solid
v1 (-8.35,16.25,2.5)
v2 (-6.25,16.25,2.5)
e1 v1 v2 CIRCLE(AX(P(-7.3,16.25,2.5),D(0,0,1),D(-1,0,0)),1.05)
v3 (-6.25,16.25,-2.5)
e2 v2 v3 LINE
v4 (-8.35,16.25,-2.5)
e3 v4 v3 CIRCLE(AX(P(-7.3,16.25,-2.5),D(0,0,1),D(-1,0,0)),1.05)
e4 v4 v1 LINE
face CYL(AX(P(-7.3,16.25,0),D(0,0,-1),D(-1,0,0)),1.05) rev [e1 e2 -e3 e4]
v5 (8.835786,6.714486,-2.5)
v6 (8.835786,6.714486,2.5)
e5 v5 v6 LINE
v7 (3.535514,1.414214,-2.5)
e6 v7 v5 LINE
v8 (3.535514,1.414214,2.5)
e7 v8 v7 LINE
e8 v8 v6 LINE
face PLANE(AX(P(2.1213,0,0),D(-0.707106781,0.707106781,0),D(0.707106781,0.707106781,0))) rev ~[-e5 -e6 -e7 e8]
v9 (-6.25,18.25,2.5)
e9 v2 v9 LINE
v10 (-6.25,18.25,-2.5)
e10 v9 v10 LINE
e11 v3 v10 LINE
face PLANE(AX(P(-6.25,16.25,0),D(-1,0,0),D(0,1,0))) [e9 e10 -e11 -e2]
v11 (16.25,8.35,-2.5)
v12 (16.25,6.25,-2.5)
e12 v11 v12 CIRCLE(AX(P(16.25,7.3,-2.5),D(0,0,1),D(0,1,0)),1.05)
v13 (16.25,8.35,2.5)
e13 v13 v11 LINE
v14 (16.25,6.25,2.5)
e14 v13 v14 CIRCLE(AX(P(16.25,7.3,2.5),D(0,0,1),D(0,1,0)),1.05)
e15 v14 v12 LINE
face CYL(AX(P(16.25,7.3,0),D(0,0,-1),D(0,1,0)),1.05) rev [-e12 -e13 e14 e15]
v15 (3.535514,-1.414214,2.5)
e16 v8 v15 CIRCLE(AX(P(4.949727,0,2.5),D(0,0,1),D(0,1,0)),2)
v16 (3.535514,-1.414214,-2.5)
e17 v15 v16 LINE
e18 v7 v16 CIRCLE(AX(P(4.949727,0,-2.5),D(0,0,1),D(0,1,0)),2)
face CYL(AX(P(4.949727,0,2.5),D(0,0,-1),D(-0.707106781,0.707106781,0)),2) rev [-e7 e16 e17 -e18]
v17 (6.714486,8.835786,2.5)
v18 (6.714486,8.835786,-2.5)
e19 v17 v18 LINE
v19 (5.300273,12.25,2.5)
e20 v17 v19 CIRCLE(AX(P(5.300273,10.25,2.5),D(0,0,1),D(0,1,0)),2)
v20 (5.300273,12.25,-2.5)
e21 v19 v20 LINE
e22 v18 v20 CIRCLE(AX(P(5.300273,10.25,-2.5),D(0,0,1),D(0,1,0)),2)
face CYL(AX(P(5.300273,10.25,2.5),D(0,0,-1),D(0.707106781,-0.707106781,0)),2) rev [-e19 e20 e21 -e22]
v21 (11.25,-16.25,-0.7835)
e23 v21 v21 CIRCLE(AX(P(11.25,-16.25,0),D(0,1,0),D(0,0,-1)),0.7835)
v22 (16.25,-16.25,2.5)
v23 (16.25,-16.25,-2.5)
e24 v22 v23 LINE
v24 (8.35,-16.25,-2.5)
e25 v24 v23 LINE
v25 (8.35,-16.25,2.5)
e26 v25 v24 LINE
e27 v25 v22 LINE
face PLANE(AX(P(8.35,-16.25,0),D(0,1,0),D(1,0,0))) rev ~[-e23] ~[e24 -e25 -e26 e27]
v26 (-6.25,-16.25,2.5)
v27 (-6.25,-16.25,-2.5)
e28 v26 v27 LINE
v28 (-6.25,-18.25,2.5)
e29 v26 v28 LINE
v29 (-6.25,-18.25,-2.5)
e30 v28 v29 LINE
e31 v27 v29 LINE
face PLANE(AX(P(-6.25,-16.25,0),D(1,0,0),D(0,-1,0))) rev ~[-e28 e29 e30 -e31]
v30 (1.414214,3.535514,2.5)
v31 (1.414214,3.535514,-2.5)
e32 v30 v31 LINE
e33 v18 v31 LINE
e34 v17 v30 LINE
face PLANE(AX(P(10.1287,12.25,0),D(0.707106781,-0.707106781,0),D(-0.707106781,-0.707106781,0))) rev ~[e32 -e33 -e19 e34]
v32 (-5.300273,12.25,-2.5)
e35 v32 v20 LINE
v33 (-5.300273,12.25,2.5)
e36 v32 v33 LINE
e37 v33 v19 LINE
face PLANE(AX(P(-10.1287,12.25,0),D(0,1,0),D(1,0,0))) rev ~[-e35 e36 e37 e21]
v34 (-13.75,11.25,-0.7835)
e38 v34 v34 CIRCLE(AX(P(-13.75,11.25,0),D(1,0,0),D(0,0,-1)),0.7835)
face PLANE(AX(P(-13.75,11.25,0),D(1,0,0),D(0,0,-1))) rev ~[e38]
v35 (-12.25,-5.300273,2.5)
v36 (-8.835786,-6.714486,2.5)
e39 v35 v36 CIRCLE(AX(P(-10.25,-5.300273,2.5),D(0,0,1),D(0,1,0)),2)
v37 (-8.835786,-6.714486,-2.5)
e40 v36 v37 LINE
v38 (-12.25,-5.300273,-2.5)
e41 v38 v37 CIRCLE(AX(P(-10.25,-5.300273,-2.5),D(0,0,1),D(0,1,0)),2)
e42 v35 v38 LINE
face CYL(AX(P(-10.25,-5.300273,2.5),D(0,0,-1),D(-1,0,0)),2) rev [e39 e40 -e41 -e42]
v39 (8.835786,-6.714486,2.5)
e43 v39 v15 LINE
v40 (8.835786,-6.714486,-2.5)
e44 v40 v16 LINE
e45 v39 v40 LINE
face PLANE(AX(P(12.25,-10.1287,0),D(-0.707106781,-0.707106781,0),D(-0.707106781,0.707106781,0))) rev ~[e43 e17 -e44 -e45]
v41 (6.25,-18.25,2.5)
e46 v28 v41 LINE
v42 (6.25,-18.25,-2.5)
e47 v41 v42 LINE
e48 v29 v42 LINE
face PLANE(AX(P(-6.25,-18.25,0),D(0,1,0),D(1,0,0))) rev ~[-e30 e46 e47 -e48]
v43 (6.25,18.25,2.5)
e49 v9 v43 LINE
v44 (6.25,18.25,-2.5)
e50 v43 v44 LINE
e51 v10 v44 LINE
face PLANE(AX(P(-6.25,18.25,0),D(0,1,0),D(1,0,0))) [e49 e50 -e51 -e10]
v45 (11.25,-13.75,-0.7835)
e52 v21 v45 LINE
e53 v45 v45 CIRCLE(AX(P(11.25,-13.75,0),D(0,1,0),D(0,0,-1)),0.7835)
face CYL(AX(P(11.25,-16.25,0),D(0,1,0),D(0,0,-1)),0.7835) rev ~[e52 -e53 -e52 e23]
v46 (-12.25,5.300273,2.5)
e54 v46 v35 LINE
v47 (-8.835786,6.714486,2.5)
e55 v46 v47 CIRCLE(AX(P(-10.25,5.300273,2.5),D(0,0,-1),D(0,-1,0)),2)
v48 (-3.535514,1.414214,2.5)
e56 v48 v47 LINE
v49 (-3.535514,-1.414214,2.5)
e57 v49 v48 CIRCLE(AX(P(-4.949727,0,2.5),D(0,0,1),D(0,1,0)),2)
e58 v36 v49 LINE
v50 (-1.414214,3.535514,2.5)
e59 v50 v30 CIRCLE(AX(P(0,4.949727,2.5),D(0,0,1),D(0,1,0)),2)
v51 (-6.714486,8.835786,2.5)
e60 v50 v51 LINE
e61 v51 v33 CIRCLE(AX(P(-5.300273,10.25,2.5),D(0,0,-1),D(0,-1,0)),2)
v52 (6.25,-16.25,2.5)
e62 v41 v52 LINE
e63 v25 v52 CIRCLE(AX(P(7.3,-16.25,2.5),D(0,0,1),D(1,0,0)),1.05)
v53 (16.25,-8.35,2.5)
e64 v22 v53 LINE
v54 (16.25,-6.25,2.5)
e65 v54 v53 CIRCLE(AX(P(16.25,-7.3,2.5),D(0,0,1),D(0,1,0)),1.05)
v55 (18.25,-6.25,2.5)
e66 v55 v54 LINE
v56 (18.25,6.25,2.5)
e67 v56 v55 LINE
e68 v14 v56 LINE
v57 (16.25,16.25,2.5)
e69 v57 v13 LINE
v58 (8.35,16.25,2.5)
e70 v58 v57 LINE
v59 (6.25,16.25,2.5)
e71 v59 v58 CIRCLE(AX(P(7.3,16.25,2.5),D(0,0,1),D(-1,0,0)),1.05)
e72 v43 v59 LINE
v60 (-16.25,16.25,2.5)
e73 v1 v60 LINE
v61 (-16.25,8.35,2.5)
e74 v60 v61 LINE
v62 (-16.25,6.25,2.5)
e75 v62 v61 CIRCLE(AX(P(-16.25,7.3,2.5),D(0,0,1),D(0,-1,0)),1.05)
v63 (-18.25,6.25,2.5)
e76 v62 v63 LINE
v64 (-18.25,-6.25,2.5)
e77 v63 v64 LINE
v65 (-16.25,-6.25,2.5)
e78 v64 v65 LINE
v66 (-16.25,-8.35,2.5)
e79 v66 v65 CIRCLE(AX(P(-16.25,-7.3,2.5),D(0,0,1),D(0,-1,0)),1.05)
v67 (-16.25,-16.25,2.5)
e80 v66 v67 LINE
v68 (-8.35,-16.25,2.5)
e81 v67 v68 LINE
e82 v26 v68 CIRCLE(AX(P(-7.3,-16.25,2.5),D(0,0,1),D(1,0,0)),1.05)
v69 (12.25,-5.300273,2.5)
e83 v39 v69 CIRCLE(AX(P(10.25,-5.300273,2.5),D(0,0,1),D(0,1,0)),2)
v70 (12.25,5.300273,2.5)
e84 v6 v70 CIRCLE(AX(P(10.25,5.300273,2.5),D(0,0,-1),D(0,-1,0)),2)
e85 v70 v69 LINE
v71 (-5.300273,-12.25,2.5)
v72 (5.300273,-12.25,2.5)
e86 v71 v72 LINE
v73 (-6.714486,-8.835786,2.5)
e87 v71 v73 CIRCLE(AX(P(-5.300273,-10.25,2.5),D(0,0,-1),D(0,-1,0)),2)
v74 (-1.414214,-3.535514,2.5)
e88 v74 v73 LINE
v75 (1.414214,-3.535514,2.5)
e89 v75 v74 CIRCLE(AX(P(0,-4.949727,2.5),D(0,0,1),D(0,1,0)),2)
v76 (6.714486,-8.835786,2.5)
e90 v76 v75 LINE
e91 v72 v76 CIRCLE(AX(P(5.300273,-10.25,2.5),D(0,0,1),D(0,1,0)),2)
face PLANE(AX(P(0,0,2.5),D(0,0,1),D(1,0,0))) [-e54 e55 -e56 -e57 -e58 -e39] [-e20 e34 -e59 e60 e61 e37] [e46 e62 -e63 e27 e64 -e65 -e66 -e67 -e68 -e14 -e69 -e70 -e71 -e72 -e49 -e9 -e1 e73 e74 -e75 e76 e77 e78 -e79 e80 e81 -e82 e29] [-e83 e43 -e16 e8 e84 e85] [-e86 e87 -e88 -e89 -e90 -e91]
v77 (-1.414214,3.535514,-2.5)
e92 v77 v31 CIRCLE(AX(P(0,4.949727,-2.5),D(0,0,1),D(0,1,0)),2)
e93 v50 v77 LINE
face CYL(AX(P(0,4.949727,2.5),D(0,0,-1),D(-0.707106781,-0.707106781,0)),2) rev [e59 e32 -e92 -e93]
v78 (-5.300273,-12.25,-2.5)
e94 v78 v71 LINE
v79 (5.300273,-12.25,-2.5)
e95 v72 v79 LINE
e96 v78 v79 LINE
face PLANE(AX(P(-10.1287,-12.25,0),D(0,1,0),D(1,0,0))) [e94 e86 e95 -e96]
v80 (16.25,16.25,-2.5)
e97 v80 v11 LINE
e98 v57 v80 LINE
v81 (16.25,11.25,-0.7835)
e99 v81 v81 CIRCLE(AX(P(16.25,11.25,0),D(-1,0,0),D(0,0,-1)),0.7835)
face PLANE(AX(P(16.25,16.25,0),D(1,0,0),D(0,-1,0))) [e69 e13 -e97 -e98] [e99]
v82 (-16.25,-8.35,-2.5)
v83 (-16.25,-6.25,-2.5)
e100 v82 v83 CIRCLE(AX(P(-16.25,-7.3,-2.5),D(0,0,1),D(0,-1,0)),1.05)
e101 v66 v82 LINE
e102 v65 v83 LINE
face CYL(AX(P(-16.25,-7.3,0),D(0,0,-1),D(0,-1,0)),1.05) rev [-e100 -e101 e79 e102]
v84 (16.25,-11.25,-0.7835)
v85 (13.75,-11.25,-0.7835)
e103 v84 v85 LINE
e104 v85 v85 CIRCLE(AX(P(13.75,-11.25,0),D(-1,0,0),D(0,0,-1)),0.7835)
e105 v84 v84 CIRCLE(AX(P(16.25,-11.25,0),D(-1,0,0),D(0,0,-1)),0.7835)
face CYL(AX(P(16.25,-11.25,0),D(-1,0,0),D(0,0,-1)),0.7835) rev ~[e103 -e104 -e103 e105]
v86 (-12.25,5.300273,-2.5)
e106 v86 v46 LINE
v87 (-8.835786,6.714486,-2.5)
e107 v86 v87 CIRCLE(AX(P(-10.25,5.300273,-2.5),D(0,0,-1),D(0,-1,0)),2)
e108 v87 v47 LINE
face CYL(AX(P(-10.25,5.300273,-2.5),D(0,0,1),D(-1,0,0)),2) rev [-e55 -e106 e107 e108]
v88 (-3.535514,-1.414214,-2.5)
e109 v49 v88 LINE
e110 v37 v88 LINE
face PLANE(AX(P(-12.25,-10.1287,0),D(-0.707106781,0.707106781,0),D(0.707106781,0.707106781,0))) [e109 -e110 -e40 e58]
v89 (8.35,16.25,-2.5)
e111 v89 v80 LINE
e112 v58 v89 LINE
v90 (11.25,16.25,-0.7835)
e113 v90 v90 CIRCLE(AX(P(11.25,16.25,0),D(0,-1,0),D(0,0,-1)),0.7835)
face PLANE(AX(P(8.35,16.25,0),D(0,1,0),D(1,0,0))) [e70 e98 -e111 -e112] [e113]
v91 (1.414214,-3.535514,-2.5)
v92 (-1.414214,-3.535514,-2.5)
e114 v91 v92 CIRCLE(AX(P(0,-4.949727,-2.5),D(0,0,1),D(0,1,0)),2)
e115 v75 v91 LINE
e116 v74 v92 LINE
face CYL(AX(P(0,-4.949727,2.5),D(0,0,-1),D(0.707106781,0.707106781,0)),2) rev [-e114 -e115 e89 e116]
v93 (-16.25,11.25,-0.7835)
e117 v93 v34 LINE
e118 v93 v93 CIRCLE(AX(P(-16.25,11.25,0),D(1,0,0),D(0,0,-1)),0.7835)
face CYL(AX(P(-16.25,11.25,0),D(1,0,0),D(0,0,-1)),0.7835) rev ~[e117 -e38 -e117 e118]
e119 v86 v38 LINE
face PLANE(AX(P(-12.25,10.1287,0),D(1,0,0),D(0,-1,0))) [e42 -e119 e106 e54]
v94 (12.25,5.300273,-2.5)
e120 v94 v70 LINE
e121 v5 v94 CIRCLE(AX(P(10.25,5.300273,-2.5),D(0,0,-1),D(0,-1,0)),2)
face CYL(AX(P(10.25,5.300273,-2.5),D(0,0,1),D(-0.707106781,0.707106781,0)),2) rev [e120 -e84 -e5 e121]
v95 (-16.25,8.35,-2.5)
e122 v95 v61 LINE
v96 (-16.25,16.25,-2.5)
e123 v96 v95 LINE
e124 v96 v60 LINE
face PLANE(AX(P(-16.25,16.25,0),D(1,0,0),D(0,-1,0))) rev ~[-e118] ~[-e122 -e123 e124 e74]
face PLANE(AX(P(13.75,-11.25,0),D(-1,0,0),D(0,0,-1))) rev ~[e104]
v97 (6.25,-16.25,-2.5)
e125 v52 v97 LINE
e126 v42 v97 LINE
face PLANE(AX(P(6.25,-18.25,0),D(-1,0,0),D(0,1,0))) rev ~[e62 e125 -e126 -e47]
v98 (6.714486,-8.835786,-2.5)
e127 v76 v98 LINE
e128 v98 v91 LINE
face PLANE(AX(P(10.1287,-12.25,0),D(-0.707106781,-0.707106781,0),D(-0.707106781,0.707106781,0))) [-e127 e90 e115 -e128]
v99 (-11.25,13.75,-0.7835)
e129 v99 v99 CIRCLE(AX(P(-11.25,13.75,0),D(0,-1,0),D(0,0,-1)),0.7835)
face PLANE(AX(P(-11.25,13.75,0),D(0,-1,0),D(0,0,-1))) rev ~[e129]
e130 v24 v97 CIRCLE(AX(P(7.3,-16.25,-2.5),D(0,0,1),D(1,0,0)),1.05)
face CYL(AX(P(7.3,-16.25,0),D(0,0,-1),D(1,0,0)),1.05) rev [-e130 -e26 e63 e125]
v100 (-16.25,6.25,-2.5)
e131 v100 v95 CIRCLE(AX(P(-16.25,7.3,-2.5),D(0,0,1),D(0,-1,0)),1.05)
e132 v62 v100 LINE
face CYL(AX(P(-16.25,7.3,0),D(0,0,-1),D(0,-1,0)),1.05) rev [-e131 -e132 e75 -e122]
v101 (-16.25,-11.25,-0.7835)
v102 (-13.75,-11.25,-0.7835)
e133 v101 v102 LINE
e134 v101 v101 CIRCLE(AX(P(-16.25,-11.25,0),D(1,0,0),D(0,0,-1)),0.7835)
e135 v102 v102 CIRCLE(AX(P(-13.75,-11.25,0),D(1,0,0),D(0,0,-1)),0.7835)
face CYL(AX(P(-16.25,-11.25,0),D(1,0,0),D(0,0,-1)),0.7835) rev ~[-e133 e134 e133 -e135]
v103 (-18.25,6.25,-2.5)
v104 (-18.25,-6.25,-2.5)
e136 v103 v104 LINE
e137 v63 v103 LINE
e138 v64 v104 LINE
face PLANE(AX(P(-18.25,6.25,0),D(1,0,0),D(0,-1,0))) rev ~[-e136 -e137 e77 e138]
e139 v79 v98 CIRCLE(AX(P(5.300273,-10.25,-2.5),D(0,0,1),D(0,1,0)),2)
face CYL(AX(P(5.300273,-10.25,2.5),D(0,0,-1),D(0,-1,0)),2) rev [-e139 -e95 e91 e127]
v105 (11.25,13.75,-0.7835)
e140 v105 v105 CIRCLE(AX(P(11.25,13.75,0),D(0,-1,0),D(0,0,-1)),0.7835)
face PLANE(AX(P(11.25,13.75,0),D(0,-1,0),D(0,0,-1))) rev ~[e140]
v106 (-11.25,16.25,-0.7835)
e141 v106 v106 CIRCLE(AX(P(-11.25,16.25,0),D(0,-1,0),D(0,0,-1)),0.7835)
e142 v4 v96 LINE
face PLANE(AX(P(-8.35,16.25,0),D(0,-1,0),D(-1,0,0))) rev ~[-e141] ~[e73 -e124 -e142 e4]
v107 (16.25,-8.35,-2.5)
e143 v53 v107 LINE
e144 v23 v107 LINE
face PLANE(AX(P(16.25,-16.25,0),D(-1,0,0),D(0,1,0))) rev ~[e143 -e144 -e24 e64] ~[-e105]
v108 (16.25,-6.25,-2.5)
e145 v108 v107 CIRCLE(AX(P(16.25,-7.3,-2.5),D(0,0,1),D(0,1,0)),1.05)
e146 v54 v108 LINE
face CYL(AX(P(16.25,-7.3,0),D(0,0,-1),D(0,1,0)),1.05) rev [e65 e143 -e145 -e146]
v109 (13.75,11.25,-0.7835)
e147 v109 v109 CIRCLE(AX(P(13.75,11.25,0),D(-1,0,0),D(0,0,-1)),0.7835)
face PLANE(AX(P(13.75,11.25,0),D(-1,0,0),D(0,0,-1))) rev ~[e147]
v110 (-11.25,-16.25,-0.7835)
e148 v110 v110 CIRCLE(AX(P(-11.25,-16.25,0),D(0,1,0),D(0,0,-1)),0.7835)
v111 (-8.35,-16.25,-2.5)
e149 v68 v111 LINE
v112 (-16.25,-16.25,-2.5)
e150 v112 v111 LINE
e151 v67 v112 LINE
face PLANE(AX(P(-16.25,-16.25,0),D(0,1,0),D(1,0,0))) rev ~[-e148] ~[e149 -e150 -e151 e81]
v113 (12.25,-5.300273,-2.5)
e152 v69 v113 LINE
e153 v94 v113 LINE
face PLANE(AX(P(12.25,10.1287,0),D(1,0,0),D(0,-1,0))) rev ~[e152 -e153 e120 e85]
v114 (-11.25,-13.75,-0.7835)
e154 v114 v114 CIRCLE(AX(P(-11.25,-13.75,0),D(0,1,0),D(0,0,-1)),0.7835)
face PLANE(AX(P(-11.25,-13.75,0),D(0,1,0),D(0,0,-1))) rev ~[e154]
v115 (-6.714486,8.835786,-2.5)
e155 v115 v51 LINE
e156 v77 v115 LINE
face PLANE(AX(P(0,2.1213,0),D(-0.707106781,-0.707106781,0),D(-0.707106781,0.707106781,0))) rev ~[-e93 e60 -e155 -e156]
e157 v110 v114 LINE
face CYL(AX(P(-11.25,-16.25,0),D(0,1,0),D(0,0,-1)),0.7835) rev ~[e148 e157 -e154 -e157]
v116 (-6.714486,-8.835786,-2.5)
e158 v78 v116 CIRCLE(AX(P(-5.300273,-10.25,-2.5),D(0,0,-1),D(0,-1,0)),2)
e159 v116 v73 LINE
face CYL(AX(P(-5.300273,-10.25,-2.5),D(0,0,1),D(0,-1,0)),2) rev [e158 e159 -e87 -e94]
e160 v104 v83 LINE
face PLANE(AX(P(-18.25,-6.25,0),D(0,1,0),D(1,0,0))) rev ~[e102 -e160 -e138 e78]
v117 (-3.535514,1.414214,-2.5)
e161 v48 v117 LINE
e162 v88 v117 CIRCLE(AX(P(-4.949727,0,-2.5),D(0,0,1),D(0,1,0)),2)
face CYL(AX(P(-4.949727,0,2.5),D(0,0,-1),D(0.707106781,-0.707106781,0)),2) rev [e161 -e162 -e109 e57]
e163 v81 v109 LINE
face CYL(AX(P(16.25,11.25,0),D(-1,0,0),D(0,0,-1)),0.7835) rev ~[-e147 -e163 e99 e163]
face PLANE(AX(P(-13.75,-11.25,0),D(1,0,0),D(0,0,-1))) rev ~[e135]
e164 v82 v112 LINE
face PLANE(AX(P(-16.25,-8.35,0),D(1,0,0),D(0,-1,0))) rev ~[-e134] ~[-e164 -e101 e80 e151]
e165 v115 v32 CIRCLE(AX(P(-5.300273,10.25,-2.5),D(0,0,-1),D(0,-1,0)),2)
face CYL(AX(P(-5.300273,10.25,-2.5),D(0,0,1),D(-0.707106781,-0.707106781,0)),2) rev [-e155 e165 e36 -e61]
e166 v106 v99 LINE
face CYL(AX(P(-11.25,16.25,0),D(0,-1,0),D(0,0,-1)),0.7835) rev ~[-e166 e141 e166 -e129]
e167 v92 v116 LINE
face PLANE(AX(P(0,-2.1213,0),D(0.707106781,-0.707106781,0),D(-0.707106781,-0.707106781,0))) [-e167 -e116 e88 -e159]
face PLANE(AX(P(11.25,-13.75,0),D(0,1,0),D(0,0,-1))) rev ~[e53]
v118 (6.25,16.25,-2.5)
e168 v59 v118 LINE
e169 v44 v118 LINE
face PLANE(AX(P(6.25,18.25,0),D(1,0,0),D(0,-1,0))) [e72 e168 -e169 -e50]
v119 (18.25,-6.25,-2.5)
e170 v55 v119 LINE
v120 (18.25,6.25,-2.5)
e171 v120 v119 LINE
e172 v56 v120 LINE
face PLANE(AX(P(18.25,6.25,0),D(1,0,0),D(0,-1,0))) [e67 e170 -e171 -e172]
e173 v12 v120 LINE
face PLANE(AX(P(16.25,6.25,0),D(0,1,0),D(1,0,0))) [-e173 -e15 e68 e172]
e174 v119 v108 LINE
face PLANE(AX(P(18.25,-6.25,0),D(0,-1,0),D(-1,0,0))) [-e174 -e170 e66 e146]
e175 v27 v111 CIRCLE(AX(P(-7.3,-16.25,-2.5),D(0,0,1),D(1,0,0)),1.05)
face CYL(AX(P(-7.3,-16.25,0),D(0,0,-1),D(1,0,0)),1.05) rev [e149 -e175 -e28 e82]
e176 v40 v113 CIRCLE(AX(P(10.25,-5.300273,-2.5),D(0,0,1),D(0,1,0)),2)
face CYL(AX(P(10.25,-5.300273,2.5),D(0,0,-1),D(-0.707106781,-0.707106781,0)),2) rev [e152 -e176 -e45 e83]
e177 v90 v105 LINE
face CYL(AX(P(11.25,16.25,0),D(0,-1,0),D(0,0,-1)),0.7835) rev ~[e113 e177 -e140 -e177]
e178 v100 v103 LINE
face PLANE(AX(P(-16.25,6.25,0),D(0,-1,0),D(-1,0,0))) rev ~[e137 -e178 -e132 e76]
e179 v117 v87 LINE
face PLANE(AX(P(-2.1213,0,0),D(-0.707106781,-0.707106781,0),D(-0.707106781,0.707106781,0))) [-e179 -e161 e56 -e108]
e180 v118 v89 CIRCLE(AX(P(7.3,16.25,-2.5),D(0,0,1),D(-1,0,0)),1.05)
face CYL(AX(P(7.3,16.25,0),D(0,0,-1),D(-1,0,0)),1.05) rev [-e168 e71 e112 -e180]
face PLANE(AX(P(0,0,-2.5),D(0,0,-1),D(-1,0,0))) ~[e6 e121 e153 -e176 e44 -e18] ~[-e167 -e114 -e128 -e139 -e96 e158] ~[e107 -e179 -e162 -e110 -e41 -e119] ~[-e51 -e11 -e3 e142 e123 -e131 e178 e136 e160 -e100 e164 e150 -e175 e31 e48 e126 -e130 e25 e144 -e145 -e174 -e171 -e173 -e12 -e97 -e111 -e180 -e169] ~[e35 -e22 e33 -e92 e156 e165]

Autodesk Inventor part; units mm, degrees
ref_plane "YZ Plane" through (0, 0, 0) normal (1, 0, 0) x (0, 1, 0)
ref_plane "XZ Plane" through (0, 0, 0) normal (0, 1, 0) x (-1, 0, 0)
ref_plane "XY Plane" through (0, 0, 0) normal (0, 0, 1) x (1, 0, 0)
sketch "スケッチ1" plane through (0, 0, 0) normal (0, 0, 1) x (1, 0, 0)
  line L0 (-16.25, -16.25) -> (16.25, -16.25) construction
  line L1 (16.25, -16.25) -> (16.25, 16.25) construction
  line L2 (16.25, 16.25) -> (-16.25, 16.25) construction
  line L3 (-16.25, 16.25) -> (-16.25, -16.25) construction
  line L4 (-16.25, -16.25) -> (16.25, 16.25) construction
  line L5 (16.25, -16.25) -> (-16.25, 16.25) construction
  line L6 (-8.35, 16.25) -> (-16.25, 16.25)
  line L7 (-16.25, 16.25) -> (-16.25, 8.35)
  line L8 (8.35, 16.25) -> (16.25, 16.25)
  line L9 (16.25, 16.25) -> (16.25, 8.35)
  line L10 (-16.25, -8.35) -> (-16.25, -16.25)
  line L11 (-16.25, -16.25) -> (-8.35, -16.25)
  line L12 (8.35, -16.25) -> (16.25, -16.25)
  line L13 (16.25, -16.25) -> (16.25, -8.35)
  line L14 (-6.25, 16.25) -> (-6.25, 18.25)
  line L15 (-6.25, 18.25) -> (6.25, 18.25)
  line L16 (6.25, 18.25) -> (6.25, 16.25)
  arc A0 (-8.35, 16.25) -> (-6.25, 16.25) centre (-7.3, 16.25) ccw
  arc A1 (6.25, 16.25) -> (8.35, 16.25) centre (7.3, 16.25) ccw
  line L17 (0, 16.25) -> (0, 0) construction
  line L18 (0, 0) -> (16.25, 0) construction
  line L19 (-16.25, 6.25) -> (-18.25, 6.25)
  line L20 (-18.25, 6.25) -> (-18.25, -6.25)
  line L21 (-18.25, -6.25) -> (-16.25, -6.25)
  arc A2 (-16.25, 6.25) -> (-16.25, 8.35) centre (-16.25, 7.3) ccw
  arc A3 (-16.25, -8.35) -> (-16.25, -6.25) centre (-16.25, -7.3) ccw
  line L22 (-6.25, -16.25) -> (-6.25, -18.25)
  line L23 (-6.25, -18.25) -> (6.25, -18.25)
  line L24 (6.25, -18.25) -> (6.25, -16.25)
  arc A4 (-6.25, -16.25) -> (-8.35, -16.25) centre (-7.3, -16.25) ccw
  arc A5 (8.35, -16.25) -> (6.25, -16.25) centre (7.3, -16.25) ccw
  line L25 (16.25, 6.25) -> (18.25, 6.25)
  line L26 (18.25, 6.25) -> (18.25, -6.25)
  line L27 (18.25, -6.25) -> (16.25, -6.25)
  arc A6 (16.25, 8.35) -> (16.25, 6.25) centre (16.25, 7.3) ccw
  arc A7 (16.25, -6.25) -> (16.25, -8.35) centre (16.25, -7.3) ccw
  line L28 (-12.8, 16.25) -> (-9.7, 16.25) construction
  line L29 (-9.7, 16.25) -> (-9.7, 13.25) construction
  line L30 (-9.7, 13.25) -> (-12.8, 13.25) construction
  line L31 (-12.8, 13.25) -> (-12.8, 16.25) construction
  line L32 (-16.25, 12.8) -> (-13.25, 12.8) construction
  line L33 (-13.25, 12.8) -> (-13.25, 9.7) construction
  line L34 (-13.25, 9.7) -> (-16.25, 9.7) construction
  line L35 (-16.25, 9.7) -> (-16.25, 12.8) construction
  line L36 (-10.1287, 12.25) -> (10.1287, 12.25)
  line L37 (10.1287, 12.25) -> (0, 2.1213)
  line L38 (0, 2.1213) -> (-10.1287, 12.25)
  line L39 (-12.25, 10.1287) -> (-12.25, -10.1287)
  line L40 (-12.25, -10.1287) -> (-2.1213, 0)
  line L41 (-2.1213, 0) -> (-12.25, 10.1287)
  line L42 (-10.1287, -12.25) -> (10.1287, -12.25)
  line L43 (10.1287, -12.25) -> (0, -2.1213)
  line L44 (0, -2.1213) -> (-10.1287, -12.25)
  line L45 (12.25, 10.1287) -> (12.25, -10.1287)
  line L46 (12.25, -10.1287) -> (2.1213, 0)
  line L47 (2.1213, 0) -> (12.25, 10.1287)
  line L48 (-11.25, 16.25) -> (-11.25, 13.25) construction
  line L49 (-13.25, 11.25) -> (-16.25, 11.25) construction
  dimension "d0" = 32.5
  dimension "d1" = 1.05
  dimension "d2" = 2
  dimension "d3" = 10
  dimension "d4" = 3.1
  dimension "d6" = 3
  dimension "d8" = 3
  dimension "d9" = 3
  dimension "d10" = 3
  dimension "d11" = 3
  dimension "d12" = 3
  dimension "d13" = 4
  dimension "d17" = 5
  dimension "d18" = 5
extrude "押し出し1" add sketch "スケッチ1" along normal blind 2.5
mirror "ミラー1" about plane through (0, 0, 0) normal (0, 0, -1) of "押し出し1"
sketch "スケッチ2" plane through (-16.25, -16.25, 2.5) normal (0, -1, 0) x (1, 0, 0)
  line L0 (0, -5) -> (0, 0) projected
  line L1 (10, 0) -> (22.5, 0) construction
  line L2 (16.25, 0) -> (16.25, -5) construction
  point P0 (16.25, -2.5)
  point P1 (5, -2.5)
  point P2 (27.5, -2.5)
  point P3 (0, -2.5)
  dimension "d19" = 5
hole "穴1" at (-11.25, -16.25, 0) at (11.25, -16.25, 0) direction (0, 1, 0) diameter 1.567 depth 2.5 thread size "M2x0.4" class "6H" standard "ISO Metric profile"
pattern_circular "円形状パターン1" count 4 over 360 about axis through (0, 0, -10) along (0, 0, 1) of "穴1"
fillet "フィレット1" radius 2 12 edges at (12.25, 10.1287, 0) (12.25, -10.1287, 0) (10.1287, -12.25, 0) (0, 2.1213, 0) (-2.1213, 0, 0) (-10.1287, -12.25, 0) (-12.25, -10.1287, 0) (10.1287, 12.25, 0) (-12.25, 10.1287, 0) (-10.1287, 12.25, 0) (0, -2.1213, 0) (2.1213, 0, 0)
equation "\"d8\" = d6"
equation "\"d10\" = d9"
equation "\"d11\" = d10"
equation "\"d12\" = d11"
equation "\"d18\" = d17"
equation "\"d19\" = d17"
properties part number "上腕_メインフレーム_1_1" material "アセタール樹脂、黒"
